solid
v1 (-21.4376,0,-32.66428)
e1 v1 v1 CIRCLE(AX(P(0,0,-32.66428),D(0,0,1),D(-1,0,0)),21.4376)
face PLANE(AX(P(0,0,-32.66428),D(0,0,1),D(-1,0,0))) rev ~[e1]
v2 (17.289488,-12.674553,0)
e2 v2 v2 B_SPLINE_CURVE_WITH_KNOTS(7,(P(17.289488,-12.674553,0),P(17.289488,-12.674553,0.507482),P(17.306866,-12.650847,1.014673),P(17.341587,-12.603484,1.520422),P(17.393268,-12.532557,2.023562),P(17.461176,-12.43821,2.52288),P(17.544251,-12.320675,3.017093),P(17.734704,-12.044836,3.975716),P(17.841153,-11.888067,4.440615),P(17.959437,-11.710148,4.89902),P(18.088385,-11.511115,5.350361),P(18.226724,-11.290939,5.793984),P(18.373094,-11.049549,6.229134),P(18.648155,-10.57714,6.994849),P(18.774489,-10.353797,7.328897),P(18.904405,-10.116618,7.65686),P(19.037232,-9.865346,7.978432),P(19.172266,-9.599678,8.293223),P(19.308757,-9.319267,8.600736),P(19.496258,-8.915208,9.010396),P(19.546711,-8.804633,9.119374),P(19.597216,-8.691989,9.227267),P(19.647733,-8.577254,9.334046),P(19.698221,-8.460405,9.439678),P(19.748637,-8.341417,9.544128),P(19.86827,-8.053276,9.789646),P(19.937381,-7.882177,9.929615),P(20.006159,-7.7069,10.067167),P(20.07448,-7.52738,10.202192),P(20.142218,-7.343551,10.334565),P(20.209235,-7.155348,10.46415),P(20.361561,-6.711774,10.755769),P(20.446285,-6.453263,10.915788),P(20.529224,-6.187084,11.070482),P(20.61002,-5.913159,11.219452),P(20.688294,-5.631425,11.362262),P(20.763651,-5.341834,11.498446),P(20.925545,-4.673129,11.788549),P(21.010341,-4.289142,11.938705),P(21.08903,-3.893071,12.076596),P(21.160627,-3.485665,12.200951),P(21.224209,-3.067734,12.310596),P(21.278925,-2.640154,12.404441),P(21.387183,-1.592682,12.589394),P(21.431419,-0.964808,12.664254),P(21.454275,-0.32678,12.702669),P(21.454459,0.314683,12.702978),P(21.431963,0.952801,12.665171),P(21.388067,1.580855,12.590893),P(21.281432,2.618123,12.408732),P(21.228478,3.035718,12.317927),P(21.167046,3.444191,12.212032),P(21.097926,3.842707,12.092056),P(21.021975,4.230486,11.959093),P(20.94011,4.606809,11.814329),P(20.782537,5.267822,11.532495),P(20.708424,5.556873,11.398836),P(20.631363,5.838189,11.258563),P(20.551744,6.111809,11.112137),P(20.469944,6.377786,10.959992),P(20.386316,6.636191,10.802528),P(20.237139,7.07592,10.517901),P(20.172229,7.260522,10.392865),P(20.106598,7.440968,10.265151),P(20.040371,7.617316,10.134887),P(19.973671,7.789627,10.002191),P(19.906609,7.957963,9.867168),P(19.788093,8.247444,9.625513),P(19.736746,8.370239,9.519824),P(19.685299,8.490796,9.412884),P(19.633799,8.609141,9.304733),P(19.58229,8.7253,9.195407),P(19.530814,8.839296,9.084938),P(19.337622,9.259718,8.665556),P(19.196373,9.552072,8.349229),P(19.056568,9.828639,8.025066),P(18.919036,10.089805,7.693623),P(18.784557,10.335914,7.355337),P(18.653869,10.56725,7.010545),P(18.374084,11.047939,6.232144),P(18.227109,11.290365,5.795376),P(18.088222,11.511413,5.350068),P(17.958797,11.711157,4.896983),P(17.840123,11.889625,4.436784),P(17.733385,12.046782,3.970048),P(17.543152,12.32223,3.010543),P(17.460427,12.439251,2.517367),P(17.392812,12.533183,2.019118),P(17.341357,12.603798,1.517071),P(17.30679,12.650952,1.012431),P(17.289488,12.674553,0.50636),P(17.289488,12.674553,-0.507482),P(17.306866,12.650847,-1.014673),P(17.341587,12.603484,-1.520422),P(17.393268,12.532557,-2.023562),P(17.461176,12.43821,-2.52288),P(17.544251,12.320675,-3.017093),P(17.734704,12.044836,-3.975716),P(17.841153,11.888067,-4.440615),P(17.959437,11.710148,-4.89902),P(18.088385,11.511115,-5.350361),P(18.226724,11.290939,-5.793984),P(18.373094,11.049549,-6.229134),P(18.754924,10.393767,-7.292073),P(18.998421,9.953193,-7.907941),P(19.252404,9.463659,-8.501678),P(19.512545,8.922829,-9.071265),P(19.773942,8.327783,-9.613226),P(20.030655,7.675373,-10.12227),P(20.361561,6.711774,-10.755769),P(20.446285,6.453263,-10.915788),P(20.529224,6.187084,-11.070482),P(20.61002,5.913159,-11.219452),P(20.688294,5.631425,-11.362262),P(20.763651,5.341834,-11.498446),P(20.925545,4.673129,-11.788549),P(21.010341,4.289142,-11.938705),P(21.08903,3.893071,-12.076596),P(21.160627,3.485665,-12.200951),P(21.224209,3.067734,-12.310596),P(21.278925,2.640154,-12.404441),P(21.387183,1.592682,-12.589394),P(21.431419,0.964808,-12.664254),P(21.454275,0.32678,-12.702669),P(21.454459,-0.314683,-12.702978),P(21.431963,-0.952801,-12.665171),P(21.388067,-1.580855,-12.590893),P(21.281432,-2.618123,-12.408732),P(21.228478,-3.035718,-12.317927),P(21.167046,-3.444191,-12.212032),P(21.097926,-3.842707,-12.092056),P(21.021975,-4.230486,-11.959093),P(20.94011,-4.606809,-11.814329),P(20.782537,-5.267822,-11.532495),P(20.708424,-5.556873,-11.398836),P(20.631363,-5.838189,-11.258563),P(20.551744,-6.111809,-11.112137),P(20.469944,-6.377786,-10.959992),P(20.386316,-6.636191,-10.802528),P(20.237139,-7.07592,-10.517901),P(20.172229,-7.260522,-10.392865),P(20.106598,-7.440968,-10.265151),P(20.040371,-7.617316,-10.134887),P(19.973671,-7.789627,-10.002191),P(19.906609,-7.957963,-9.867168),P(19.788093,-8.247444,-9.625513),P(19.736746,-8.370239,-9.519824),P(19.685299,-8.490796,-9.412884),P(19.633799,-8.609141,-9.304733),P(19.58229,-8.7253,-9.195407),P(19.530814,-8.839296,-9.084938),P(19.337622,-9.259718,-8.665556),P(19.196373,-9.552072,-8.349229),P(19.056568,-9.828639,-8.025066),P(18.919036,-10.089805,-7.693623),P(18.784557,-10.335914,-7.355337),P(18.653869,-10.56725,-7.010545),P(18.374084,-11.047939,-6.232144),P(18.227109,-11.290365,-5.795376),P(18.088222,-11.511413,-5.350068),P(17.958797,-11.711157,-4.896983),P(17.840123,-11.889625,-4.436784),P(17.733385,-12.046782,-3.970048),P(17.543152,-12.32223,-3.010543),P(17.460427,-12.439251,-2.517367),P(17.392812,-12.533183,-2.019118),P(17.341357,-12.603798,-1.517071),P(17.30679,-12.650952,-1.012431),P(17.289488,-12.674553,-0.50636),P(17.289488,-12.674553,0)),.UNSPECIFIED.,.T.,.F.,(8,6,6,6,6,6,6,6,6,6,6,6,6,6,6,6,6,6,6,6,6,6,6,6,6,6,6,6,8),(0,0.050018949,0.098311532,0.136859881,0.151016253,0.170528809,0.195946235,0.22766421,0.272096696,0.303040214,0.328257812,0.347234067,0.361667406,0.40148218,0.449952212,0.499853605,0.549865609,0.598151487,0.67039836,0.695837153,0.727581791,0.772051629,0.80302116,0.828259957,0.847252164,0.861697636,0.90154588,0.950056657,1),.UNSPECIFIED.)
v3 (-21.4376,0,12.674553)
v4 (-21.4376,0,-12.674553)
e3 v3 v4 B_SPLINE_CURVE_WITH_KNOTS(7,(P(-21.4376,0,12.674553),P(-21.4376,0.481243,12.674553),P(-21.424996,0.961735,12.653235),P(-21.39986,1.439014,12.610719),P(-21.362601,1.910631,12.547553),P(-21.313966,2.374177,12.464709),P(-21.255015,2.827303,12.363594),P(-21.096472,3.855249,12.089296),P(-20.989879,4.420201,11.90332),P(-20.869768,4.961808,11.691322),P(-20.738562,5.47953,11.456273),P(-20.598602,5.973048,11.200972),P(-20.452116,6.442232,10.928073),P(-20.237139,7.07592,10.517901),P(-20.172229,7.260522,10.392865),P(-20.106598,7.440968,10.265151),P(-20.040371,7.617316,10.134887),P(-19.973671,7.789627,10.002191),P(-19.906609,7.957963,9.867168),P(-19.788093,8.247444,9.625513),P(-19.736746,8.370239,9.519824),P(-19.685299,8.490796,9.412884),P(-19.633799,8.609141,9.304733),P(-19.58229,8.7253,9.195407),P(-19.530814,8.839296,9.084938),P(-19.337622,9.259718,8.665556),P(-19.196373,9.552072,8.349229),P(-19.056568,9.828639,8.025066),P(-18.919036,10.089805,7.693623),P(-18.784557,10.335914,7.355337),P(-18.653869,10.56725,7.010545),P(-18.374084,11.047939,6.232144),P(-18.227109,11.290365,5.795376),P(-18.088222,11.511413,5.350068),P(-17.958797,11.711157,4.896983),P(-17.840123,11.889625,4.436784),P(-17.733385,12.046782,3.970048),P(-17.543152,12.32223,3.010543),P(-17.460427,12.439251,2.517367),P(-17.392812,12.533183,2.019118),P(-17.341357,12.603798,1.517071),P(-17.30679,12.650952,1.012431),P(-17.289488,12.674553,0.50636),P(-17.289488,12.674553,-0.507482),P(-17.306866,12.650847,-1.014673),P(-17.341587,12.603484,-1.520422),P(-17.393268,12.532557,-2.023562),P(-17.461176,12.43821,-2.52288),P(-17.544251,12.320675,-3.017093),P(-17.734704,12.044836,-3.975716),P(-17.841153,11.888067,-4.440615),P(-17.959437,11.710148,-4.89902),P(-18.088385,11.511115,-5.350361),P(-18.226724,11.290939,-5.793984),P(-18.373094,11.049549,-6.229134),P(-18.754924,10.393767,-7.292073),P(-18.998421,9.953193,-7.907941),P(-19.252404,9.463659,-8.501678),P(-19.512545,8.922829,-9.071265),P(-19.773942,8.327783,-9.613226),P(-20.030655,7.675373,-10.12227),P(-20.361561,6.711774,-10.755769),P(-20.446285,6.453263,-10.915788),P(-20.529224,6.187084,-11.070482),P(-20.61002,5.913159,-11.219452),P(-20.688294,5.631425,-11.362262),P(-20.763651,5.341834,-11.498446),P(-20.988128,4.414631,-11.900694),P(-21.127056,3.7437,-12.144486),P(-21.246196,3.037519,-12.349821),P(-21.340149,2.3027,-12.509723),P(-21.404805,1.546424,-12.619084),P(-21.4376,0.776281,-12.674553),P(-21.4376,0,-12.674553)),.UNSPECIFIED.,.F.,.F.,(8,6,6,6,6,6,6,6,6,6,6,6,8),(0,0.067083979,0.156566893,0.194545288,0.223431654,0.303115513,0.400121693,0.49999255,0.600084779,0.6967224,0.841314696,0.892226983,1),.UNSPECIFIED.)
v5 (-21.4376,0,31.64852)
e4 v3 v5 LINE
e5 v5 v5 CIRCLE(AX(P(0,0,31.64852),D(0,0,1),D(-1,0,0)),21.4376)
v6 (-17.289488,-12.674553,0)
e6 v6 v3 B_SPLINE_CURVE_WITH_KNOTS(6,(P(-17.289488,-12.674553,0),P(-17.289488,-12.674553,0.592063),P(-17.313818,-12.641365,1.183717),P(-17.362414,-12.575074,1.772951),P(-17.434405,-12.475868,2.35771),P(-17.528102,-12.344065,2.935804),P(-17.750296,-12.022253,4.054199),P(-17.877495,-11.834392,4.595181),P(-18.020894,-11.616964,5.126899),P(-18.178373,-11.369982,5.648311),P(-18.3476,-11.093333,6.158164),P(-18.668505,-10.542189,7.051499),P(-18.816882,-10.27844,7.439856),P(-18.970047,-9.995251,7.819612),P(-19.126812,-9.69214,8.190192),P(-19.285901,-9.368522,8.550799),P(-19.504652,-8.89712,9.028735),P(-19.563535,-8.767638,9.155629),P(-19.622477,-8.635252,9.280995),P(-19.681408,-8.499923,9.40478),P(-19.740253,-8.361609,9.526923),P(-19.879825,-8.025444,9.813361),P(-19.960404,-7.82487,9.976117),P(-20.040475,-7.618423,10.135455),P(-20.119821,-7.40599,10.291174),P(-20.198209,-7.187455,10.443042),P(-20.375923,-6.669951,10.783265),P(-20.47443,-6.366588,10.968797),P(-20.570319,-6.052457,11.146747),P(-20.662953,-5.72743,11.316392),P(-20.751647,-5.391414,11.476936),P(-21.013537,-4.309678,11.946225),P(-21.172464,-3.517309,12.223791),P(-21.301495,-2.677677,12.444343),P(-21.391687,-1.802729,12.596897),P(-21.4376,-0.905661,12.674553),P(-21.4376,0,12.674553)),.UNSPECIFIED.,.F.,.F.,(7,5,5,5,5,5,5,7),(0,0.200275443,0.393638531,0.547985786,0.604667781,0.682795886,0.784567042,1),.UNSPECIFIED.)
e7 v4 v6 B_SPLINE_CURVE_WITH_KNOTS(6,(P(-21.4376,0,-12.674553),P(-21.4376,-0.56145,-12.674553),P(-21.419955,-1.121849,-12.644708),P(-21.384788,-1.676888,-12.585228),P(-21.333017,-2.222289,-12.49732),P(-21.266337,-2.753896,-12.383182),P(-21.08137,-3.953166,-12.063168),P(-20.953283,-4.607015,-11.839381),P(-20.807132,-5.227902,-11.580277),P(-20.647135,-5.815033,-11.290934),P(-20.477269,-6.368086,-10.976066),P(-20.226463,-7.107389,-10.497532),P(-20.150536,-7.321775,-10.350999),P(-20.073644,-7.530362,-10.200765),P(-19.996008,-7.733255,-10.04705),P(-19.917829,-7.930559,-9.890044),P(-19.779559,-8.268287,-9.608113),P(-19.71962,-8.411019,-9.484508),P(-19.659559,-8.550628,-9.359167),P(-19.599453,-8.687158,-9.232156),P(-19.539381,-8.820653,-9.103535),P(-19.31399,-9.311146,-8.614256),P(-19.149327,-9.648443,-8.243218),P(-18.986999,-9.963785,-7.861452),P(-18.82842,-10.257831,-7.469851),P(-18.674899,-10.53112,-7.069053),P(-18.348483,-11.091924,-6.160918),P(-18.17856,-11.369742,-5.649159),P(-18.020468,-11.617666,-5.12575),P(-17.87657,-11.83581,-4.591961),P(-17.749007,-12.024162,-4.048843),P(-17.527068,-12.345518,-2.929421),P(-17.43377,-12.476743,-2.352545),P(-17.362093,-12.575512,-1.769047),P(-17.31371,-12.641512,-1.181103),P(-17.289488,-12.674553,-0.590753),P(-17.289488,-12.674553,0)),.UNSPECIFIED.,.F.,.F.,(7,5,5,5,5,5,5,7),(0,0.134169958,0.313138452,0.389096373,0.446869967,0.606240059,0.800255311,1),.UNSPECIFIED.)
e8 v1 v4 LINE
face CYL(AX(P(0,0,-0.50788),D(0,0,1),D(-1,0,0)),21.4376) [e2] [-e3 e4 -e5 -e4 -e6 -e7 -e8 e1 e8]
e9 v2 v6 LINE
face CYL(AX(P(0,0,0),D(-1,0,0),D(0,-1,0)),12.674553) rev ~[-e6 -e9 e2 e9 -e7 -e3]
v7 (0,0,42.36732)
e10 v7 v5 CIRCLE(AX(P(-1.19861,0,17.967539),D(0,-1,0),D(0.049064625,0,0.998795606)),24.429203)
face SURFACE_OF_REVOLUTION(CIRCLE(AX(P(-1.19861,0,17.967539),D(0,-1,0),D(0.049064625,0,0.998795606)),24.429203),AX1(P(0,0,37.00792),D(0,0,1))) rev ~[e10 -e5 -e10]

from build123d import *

# Parameters (mm, degrees)
F0_W     = 21.4376
F0_H     = 64.3128
F3_R     = 12.674553
F4_DEPTH = 31.75


with BuildPart() as f1:
    # F0 (on Front) → F1 (revolve)
    with BuildSketch(Plane.XZ):
        with BuildLine():
            Line((-21.4376, 31.64852), (0, 31.64852))
            Line((0, 31.64852), (0, 42.36732))
            ThreePointArc((0, 42.36732), (-12.123681, 39.817683), (-21.4376, 31.64852))
        make_face()
        with Locations((-10.7188, -0.50788)):
            Rectangle(F0_W, F0_H)
    revolve(axis=Axis((0, 0, 37.00792), (0, 0, 1)))

    # F3 (on face) → F4 (cut, symmetric)
    with BuildSketch(Plane(origin=(0, 0, 0), x_dir=(0, -1, 0), z_dir=(-1, 0, 0))):
        Circle(F3_R)
    extrude(amount=F4_DEPTH, both=True, mode=Mode.SUBTRACT)


solid = f1.part
